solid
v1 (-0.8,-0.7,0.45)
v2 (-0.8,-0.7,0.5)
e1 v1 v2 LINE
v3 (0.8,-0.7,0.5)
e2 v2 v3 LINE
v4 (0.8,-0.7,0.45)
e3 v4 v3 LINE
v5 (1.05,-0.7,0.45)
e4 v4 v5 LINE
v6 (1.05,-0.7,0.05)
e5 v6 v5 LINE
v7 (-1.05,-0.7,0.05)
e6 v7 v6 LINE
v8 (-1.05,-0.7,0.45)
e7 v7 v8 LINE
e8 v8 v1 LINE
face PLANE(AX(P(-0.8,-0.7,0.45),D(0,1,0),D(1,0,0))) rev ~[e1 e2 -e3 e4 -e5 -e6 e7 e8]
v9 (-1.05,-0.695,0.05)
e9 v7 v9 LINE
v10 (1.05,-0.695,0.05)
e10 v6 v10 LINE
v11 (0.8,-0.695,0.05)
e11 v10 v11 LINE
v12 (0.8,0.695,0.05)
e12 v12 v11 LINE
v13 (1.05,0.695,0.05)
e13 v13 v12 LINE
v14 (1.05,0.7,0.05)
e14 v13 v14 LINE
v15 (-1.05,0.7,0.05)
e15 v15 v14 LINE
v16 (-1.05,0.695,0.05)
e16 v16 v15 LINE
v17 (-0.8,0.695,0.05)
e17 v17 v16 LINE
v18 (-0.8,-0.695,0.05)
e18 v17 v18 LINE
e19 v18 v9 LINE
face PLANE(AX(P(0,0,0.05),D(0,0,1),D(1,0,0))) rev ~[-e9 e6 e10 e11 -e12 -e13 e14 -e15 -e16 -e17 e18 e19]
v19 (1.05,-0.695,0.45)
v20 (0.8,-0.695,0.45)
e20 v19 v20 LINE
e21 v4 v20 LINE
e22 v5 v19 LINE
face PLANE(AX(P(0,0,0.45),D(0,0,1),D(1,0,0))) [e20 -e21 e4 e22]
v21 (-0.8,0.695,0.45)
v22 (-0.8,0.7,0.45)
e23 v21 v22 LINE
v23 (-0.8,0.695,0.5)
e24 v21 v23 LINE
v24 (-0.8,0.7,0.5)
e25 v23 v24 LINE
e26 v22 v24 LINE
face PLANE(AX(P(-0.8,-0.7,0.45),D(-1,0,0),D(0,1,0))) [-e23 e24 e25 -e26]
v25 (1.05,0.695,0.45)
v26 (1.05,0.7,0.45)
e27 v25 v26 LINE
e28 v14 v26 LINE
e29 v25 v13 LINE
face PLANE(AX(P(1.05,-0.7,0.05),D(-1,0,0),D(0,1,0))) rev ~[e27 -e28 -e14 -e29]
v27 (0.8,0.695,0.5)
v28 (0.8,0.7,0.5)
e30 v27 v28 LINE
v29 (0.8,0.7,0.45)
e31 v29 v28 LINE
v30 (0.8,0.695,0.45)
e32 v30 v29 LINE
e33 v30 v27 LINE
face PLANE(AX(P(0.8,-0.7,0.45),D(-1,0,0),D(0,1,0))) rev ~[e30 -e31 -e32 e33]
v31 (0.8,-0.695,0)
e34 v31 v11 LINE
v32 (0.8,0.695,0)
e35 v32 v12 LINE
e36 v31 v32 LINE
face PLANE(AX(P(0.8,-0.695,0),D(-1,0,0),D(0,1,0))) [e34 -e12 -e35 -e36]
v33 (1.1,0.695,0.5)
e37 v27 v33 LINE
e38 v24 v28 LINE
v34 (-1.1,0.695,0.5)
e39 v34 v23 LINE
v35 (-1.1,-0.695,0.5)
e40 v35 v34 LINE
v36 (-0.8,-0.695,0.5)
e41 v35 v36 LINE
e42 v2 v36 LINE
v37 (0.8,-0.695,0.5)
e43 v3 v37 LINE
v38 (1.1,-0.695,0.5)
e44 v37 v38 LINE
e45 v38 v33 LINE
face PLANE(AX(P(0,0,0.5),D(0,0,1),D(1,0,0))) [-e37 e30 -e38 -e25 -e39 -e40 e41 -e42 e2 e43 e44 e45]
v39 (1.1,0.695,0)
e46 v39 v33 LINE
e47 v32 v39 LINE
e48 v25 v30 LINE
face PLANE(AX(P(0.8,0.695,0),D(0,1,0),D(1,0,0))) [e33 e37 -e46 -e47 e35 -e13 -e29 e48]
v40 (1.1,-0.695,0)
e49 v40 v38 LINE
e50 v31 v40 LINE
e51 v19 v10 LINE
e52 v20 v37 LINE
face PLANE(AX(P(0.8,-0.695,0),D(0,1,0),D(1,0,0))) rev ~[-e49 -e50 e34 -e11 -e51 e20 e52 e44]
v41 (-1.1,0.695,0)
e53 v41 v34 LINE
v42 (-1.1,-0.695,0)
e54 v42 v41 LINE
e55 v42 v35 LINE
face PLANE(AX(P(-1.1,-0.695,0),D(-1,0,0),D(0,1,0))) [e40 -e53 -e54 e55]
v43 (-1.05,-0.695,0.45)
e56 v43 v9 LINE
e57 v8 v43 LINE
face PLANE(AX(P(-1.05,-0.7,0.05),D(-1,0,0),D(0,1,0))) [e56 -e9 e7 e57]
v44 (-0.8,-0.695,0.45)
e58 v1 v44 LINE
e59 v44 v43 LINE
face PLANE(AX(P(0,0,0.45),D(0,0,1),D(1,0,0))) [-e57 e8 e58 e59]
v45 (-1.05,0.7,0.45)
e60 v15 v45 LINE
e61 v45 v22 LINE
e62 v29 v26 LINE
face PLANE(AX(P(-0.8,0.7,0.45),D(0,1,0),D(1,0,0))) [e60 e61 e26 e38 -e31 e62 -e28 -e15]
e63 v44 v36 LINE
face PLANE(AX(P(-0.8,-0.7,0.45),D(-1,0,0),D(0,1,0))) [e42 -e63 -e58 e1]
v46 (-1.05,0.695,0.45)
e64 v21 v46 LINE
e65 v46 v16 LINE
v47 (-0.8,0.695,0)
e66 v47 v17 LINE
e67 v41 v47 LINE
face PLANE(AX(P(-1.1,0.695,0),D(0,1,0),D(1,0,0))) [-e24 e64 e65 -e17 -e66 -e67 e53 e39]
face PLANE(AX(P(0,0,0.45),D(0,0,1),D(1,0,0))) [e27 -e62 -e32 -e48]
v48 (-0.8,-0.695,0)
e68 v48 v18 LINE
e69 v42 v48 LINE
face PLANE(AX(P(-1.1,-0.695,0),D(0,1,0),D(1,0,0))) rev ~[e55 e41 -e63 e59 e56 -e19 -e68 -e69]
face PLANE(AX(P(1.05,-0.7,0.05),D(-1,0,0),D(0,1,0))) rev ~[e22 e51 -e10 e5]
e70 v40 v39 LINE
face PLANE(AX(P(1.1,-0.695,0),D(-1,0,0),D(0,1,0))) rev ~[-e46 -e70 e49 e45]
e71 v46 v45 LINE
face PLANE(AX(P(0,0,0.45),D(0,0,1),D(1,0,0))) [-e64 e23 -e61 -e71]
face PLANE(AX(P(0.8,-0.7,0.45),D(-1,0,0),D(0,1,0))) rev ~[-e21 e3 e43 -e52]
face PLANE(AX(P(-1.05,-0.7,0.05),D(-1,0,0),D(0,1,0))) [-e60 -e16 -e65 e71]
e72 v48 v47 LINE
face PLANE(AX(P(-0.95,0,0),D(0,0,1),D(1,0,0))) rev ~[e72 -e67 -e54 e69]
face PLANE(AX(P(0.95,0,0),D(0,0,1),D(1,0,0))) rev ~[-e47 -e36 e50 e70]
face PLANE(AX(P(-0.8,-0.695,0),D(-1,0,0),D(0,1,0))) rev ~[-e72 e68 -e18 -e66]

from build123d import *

# Parameters (mm, degrees)
PLATING_LEFT_W      = 0.3
PLATING_LEFT_H      = 1.39
PLATING_LEFT_DEPTH  = 0.5
PLATING_RIGHT_W     = 0.3
PLATING_RIGHT_H     = 1.39
PLATING_RIGHT_DEPTH = 0.5
MARKING_W           = 1.6
MARKING_H           = 1.4
MARKING_DEPTH       = 0.05
CHIP_W              = 2.1
CHIP_H              = 1.4
CHIP_DEPTH          = 0.4


with BuildPart() as plating_left:
    # plating_left → plating_left (new body)
    with BuildSketch(Plane(origin=(-1.1, -0.695, 0), x_dir=(1, 0, 0), z_dir=(0, 0, 1))):
        with Locations((0.15, 0.695)):
            Rectangle(PLATING_LEFT_W, PLATING_LEFT_H)
    extrude(amount=PLATING_LEFT_DEPTH)


with BuildPart() as plating_right:
    # plating_right → plating_right (new body)
    with BuildSketch(Plane(origin=(0.8, -0.695, 0), x_dir=(1, 0, 0), z_dir=(0, 0, 1))):
        with Locations((0.15, 0.695)):
            Rectangle(PLATING_RIGHT_W, PLATING_RIGHT_H)
    extrude(amount=PLATING_RIGHT_DEPTH)


with BuildPart() as marking:
    # marking → marking (new body)
    with BuildSketch(Plane(origin=(-0.8, -0.7, 0.45), x_dir=(1, 0, 0), z_dir=(0, 0, 1))):
        with Locations((0.8, 0.7)):
            Rectangle(MARKING_W, MARKING_H)
    extrude(amount=MARKING_DEPTH)


with BuildPart() as resistor:
    # chip → chip (new body)
    with BuildSketch(Plane(origin=(-1.05, -0.7, 0.05), x_dir=(1, 0, 0), z_dir=(0, 0, 1))):
        with Locations((1.05, 0.7)):
            Rectangle(CHIP_W, CHIP_H)
    extrude(amount=CHIP_DEPTH)

    # resistor: union plating_left, plating_right, marking
    add(plating_left.part)
    add(plating_right.part)
    add(marking.part)


solid = resistor.part
